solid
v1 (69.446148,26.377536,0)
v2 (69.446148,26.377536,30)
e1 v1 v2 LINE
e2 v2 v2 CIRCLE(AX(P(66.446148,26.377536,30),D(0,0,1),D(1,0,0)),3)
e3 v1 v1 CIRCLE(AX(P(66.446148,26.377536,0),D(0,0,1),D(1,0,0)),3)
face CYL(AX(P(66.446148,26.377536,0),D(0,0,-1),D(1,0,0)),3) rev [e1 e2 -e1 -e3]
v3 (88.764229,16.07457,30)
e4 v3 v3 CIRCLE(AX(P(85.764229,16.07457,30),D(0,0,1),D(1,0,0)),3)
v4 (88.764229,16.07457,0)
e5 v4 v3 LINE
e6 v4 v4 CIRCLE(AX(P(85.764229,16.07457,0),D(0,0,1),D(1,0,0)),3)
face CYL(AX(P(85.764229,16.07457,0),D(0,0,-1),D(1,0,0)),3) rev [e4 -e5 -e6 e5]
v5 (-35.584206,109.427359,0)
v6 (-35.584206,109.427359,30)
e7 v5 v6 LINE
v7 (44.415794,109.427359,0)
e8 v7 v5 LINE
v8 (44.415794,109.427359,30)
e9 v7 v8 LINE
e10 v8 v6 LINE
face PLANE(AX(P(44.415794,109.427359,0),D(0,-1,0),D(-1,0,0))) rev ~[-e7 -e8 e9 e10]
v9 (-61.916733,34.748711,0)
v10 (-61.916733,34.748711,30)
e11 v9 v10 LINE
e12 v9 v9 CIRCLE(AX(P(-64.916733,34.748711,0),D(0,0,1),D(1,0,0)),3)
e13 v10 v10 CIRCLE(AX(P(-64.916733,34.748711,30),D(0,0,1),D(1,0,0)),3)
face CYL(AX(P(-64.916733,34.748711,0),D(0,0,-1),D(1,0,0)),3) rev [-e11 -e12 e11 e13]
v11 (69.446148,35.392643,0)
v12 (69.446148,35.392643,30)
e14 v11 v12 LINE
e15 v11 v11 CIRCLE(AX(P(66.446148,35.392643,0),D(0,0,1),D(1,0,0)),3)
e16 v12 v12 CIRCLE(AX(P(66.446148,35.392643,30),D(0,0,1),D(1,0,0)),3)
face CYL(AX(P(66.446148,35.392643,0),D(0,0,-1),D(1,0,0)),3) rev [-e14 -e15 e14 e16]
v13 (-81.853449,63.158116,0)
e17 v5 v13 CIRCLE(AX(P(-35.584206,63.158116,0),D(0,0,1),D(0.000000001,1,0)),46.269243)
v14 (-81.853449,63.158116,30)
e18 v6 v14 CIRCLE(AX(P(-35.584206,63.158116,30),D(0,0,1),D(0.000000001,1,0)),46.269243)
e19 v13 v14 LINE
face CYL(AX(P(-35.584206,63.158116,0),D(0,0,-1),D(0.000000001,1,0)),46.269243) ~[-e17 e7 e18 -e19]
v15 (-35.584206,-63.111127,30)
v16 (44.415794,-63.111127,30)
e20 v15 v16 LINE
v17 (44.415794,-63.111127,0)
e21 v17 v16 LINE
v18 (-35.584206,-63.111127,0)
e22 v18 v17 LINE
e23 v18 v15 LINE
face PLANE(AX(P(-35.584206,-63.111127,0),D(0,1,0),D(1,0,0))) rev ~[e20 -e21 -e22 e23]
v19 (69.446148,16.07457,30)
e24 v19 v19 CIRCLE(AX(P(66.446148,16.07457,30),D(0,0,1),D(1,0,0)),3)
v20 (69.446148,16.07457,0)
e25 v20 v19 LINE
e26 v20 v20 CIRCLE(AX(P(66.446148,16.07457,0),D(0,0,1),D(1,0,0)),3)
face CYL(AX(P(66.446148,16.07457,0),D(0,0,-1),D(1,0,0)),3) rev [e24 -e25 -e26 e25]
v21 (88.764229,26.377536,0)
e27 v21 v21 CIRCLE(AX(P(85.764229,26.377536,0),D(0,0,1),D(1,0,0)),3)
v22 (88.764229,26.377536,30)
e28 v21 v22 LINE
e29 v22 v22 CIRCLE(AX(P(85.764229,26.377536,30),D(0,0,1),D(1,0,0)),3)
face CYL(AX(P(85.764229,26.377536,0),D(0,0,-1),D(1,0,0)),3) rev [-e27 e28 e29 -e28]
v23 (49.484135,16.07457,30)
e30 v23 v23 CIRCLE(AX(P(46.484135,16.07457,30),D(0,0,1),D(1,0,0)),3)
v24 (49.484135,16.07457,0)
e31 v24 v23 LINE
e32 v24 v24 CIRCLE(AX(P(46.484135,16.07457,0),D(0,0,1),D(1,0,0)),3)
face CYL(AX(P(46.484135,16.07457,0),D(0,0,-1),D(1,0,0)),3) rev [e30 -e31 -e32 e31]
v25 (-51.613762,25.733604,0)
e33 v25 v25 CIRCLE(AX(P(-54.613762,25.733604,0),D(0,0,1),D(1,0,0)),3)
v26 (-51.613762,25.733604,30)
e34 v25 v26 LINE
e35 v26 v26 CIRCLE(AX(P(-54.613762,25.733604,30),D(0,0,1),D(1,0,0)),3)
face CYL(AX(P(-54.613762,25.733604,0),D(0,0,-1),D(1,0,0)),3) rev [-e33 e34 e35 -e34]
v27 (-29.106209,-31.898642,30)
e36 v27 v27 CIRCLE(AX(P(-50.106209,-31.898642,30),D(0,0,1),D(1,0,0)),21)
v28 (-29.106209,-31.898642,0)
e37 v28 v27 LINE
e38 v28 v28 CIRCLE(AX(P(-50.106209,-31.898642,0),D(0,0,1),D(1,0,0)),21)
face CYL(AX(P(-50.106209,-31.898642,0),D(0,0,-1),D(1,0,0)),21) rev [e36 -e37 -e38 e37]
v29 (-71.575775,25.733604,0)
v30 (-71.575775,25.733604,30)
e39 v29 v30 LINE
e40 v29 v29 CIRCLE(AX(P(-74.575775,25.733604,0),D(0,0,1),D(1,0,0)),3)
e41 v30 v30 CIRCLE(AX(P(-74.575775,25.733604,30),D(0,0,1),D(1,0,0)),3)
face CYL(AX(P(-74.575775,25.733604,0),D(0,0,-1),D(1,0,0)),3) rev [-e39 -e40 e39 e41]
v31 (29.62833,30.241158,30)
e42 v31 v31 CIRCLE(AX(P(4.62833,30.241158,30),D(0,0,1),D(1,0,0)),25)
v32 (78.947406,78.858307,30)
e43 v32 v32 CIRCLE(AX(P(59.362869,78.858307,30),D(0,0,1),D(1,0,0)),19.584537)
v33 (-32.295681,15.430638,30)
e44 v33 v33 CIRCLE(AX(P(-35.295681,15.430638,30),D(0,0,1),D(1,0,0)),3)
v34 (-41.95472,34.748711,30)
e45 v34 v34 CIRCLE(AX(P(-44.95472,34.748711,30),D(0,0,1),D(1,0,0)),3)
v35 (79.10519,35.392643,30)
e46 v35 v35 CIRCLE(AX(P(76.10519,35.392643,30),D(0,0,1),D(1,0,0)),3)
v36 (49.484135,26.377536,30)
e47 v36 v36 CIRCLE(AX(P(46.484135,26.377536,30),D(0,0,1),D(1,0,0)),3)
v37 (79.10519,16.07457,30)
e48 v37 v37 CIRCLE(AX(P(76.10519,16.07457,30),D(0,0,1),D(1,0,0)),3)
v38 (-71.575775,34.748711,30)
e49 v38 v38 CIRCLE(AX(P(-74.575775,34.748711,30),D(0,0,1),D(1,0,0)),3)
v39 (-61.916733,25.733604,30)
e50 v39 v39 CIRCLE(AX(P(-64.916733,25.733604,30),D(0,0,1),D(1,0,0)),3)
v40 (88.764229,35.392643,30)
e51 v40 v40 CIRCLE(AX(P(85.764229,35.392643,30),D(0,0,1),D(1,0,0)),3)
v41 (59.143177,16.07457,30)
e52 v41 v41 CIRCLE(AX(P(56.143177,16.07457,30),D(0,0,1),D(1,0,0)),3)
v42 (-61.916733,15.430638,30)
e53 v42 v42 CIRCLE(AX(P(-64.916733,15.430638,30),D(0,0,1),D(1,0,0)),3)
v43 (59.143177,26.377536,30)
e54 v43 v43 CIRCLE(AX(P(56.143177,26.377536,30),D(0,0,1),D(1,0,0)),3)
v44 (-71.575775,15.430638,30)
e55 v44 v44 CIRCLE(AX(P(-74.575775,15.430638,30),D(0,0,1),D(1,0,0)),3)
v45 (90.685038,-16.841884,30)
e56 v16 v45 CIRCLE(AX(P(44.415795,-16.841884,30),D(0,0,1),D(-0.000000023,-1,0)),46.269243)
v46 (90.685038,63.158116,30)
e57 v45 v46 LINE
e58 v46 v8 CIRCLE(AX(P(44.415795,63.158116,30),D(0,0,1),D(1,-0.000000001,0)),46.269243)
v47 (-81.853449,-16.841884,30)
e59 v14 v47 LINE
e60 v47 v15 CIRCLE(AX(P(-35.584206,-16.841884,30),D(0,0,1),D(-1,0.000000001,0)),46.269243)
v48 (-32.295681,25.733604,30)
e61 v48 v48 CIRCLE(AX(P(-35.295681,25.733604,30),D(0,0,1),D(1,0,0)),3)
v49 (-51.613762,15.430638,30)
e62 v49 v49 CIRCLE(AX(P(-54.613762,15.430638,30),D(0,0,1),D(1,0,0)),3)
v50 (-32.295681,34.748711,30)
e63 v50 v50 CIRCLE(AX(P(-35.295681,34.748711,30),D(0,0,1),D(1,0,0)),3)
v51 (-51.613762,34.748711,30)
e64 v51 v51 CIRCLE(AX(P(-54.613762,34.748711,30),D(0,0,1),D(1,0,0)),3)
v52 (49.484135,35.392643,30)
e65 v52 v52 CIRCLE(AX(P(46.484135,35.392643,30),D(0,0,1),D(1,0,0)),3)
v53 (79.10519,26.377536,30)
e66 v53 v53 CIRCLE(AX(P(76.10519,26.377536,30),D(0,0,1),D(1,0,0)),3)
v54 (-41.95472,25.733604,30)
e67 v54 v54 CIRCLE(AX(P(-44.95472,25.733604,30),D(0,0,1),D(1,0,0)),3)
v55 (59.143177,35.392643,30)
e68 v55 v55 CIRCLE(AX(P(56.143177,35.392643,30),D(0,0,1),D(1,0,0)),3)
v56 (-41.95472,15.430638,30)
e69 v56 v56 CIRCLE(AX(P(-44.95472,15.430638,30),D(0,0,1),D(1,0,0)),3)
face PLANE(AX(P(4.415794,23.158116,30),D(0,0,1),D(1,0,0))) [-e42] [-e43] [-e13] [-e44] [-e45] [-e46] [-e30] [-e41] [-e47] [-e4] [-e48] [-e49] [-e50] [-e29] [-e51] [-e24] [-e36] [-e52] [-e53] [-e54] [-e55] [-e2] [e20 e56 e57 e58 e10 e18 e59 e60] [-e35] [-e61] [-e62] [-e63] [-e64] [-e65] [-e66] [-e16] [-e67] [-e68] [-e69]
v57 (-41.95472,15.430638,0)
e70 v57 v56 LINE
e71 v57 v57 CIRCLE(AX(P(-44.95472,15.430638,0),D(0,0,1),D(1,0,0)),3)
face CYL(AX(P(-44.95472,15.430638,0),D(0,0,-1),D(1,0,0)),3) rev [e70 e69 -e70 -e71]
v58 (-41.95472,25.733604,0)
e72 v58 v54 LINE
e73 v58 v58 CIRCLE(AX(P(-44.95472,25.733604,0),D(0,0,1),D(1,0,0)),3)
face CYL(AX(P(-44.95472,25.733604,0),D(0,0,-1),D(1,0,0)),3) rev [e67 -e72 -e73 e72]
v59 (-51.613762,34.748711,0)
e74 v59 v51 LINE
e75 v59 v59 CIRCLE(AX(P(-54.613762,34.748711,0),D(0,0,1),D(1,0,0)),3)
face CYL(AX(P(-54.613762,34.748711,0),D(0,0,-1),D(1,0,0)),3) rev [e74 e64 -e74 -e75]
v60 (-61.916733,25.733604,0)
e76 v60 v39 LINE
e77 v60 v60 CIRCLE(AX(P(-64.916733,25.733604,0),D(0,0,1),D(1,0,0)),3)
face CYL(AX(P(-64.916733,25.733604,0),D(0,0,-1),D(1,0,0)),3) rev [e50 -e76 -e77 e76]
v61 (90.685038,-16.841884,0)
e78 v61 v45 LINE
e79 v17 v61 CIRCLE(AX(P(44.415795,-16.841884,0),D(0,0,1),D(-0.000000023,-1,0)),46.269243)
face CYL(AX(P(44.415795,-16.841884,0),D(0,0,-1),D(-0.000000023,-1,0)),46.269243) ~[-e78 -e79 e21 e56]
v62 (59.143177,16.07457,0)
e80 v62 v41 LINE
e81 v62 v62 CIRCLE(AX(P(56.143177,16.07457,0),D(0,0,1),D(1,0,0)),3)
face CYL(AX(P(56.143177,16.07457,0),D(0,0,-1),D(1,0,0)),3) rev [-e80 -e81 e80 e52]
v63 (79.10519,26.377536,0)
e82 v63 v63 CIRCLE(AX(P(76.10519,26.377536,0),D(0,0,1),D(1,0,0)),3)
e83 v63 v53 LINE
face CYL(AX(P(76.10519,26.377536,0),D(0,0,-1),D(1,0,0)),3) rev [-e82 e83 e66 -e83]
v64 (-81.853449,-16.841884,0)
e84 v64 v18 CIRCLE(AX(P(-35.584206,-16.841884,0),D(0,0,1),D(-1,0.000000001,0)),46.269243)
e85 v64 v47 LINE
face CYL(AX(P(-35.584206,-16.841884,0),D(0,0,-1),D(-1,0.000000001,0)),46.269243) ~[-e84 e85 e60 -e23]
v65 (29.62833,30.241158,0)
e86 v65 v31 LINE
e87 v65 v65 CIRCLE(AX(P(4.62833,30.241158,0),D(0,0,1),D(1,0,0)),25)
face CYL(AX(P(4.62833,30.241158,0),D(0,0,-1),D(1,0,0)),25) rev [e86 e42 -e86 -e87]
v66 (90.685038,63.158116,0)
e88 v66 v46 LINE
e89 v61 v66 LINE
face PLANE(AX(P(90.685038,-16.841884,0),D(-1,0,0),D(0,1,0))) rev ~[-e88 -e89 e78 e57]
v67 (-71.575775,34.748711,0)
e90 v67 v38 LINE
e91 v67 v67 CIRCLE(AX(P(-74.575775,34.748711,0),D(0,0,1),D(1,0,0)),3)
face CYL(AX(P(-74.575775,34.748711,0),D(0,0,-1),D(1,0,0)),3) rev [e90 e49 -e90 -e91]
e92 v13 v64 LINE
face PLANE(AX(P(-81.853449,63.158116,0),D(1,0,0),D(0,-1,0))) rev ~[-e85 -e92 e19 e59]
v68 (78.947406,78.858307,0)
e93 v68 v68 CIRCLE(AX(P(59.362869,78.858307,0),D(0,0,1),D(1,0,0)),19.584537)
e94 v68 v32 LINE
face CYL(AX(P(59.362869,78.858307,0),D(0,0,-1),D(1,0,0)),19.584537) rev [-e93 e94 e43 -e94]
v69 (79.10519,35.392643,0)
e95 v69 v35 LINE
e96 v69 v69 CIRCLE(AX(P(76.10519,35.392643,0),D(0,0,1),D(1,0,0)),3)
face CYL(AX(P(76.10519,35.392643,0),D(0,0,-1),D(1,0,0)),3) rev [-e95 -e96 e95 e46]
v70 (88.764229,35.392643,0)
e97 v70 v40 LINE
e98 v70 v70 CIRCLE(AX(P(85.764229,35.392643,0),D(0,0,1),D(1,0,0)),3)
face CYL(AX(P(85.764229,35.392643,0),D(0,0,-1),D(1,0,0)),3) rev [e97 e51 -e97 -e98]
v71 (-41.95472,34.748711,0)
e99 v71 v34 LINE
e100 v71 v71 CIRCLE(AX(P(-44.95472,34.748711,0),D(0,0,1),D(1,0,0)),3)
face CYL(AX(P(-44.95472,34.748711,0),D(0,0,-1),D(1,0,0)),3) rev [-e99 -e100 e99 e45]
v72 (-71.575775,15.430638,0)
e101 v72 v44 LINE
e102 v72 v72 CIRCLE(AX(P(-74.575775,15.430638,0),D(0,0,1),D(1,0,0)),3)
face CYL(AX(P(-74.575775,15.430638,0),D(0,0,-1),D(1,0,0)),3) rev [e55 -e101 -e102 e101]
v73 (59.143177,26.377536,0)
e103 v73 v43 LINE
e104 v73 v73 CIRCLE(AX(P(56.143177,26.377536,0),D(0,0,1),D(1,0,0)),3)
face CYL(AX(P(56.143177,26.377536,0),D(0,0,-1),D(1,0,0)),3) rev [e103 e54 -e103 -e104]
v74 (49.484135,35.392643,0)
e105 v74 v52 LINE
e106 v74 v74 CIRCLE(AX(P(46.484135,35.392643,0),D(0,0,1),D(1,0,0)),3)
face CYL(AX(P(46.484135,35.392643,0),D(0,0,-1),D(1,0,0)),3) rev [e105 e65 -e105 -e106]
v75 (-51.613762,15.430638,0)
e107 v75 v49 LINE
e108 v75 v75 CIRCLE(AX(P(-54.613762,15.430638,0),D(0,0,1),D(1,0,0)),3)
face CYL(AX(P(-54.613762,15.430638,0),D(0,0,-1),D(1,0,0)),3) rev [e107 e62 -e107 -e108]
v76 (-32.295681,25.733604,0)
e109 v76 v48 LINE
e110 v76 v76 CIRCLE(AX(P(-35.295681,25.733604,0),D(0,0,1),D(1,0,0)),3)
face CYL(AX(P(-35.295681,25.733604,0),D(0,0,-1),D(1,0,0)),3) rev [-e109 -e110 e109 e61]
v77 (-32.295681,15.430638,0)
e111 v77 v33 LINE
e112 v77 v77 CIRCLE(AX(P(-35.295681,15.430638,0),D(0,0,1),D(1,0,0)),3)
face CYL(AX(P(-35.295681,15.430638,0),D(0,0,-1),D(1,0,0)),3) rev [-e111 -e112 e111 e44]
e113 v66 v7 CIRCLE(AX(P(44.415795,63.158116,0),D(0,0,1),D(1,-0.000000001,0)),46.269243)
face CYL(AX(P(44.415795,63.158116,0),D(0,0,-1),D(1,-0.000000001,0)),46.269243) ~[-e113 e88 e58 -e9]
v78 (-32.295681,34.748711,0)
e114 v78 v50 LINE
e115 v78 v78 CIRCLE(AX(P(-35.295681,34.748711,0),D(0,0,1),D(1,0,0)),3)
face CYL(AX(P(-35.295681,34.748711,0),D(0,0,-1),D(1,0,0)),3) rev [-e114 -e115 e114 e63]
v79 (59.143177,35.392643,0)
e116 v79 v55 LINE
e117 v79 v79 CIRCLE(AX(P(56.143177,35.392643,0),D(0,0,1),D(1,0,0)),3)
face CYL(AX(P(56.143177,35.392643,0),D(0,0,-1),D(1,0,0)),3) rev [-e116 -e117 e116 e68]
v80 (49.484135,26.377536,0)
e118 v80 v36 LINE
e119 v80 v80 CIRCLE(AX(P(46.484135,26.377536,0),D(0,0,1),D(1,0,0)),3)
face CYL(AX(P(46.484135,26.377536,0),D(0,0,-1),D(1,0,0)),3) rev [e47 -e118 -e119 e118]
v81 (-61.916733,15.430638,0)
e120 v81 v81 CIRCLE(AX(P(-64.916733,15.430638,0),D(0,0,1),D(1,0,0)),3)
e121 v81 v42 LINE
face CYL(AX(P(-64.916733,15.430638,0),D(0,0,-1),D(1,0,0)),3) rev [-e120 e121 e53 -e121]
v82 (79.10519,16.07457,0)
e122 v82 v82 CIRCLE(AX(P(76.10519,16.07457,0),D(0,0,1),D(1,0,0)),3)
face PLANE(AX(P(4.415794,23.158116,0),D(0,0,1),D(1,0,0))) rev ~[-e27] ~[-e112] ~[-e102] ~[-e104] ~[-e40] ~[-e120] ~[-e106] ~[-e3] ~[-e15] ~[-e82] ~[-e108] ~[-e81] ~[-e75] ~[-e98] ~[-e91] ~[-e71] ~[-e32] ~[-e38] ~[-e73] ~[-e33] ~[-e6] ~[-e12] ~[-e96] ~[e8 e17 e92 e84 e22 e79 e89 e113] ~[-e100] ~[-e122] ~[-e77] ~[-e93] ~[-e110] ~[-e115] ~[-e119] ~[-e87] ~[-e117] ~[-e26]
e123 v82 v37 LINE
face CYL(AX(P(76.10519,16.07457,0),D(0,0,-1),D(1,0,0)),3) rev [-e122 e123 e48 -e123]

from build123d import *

# Parameters (mm, degrees)
SKETCH_R     = 25
SKETCH_R_2   = 21
SKETCH_R_3   = 19.584537
SKETCH_R_4   = 3
PAD_DEPTH    = 30
PAD001_DEPTH = 30


with BuildPart() as part:
    # Sketch → Pad (new body)
    with BuildSketch(Plane.XY):
        with BuildLine():
            Line((-35.584206, -63.111127), (44.415794, -63.111127))
            ThreePointArc((44.415794, -63.111127), (77.13309, -49.55918), (90.685038, -16.841884))
            Line((90.685038, -16.841884), (90.685038, 63.158116))
            ThreePointArc((90.685038, 63.158116), (77.13309, 95.875412), (44.415794, 109.427359))
            Line((44.415794, 109.427359), (-35.584206, 109.427359))
            ThreePointArc((-35.584206, 109.427359), (-68.301501, 95.875412), (-81.853449, 63.158116))
            Line((-81.853449, 63.158116), (-81.853449, -16.841884))
            ThreePointArc((-81.853449, -16.841884), (-68.301501, -49.55918), (-35.584206, -63.111127))
        make_face()
        with Locations((4.62833, 30.241158)):
            Circle(SKETCH_R, mode=Mode.SUBTRACT)
        with Locations((-50.106209, -31.898642)):
            Circle(SKETCH_R_2, mode=Mode.SUBTRACT)
        with Locations((59.362869, 78.858307)):
            Circle(SKETCH_R_3, mode=Mode.SUBTRACT)
        with Locations((-74.575775, 34.748711)):
            Circle(SKETCH_R_4, mode=Mode.SUBTRACT)
        with Locations((-64.916733, 34.748711)):
            Circle(SKETCH_R_4, mode=Mode.SUBTRACT)
        with Locations((-54.613762, 34.748711)):
            Circle(SKETCH_R_4, mode=Mode.SUBTRACT)
        with Locations((-44.95472, 34.748711)):
            Circle(SKETCH_R_4, mode=Mode.SUBTRACT)
        with Locations((-35.295681, 34.748711)):
            Circle(SKETCH_R_4, mode=Mode.SUBTRACT)
        with Locations((-74.575775, 25.733604)):
            Circle(SKETCH_R_4, mode=Mode.SUBTRACT)
        with Locations((-64.916733, 25.733604)):
            Circle(SKETCH_R_4, mode=Mode.SUBTRACT)
        with Locations((-54.613762, 25.733604)):
            Circle(SKETCH_R_4, mode=Mode.SUBTRACT)
        with Locations((-44.95472, 25.733604)):
            Circle(SKETCH_R_4, mode=Mode.SUBTRACT)
        with Locations((-35.295681, 25.733604)):
            Circle(SKETCH_R_4, mode=Mode.SUBTRACT)
        with Locations((-74.575775, 15.430638)):
            Circle(SKETCH_R_4, mode=Mode.SUBTRACT)
        with Locations((-64.916733, 15.430638)):
            Circle(SKETCH_R_4, mode=Mode.SUBTRACT)
        with Locations((-54.613762, 15.430638)):
            Circle(SKETCH_R_4, mode=Mode.SUBTRACT)
        with Locations((-44.95472, 15.430638)):
            Circle(SKETCH_R_4, mode=Mode.SUBTRACT)
        with Locations((-35.295681, 15.430638)):
            Circle(SKETCH_R_4, mode=Mode.SUBTRACT)
        with Locations((46.484135, 35.392643)):
            Circle(SKETCH_R_4, mode=Mode.SUBTRACT)
        with Locations((56.143177, 35.392643)):
            Circle(SKETCH_R_4, mode=Mode.SUBTRACT)
        with Locations((66.446148, 35.392643)):
            Circle(SKETCH_R_4, mode=Mode.SUBTRACT)
        with Locations((76.10519, 35.392643)):
            Circle(SKETCH_R_4, mode=Mode.SUBTRACT)
        with Locations((85.764229, 35.392643)):
            Circle(SKETCH_R_4, mode=Mode.SUBTRACT)
        with Locations((46.484135, 26.377536)):
            Circle(SKETCH_R_4, mode=Mode.SUBTRACT)
        with Locations((56.143177, 26.377536)):
            Circle(SKETCH_R_4, mode=Mode.SUBTRACT)
        with Locations((66.446148, 26.377536)):
            Circle(SKETCH_R_4, mode=Mode.SUBTRACT)
        with Locations((76.10519, 26.377536)):
            Circle(SKETCH_R_4, mode=Mode.SUBTRACT)
        with Locations((85.764229, 26.377536)):
            Circle(SKETCH_R_4, mode=Mode.SUBTRACT)
        with Locations((46.484135, 16.07457)):
            Circle(SKETCH_R_4, mode=Mode.SUBTRACT)
        with Locations((56.143177, 16.07457)):
            Circle(SKETCH_R_4, mode=Mode.SUBTRACT)
        with Locations((66.446148, 16.07457)):
            Circle(SKETCH_R_4, mode=Mode.SUBTRACT)
        with Locations((76.10519, 16.07457)):
            Circle(SKETCH_R_4, mode=Mode.SUBTRACT)
        with Locations((85.764229, 16.07457)):
            Circle(SKETCH_R_4, mode=Mode.SUBTRACT)
    extrude(amount=PAD_DEPTH)

    # Sketch → Pad001 (join)
    with BuildSketch(Plane.XY):
        with BuildLine():
            Line((-35.584206, -63.111127), (44.415794, -63.111127))
            ThreePointArc((44.415794, -63.111127), (77.13309, -49.55918), (90.685038, -16.841884))
            Line((90.685038, -16.841884), (90.685038, 63.158116))
            ThreePointArc((90.685038, 63.158116), (77.13309, 95.875412), (44.415794, 109.427359))
            Line((44.415794, 109.427359), (-35.584206, 109.427359))
            ThreePointArc((-35.584206, 109.427359), (-68.301501, 95.875412), (-81.853449, 63.158116))
            Line((-81.853449, 63.158116), (-81.853449, -16.841884))
            ThreePointArc((-81.853449, -16.841884), (-68.301501, -49.55918), (-35.584206, -63.111127))
        make_face()
        with Locations((4.62833, 30.241158)):
            Circle(SKETCH_R, mode=Mode.SUBTRACT)
        with Locations((-50.106209, -31.898642)):
            Circle(SKETCH_R_2, mode=Mode.SUBTRACT)
        with Locations((59.362869, 78.858307)):
            Circle(SKETCH_R_3, mode=Mode.SUBTRACT)
        with Locations((-74.575775, 34.748711)):
            Circle(SKETCH_R_4, mode=Mode.SUBTRACT)
        with Locations((-64.916733, 34.748711)):
            Circle(SKETCH_R_4, mode=Mode.SUBTRACT)
        with Locations((-54.613762, 34.748711)):
            Circle(SKETCH_R_4, mode=Mode.SUBTRACT)
        with Locations((-44.95472, 34.748711)):
            Circle(SKETCH_R_4, mode=Mode.SUBTRACT)
        with Locations((-35.295681, 34.748711)):
            Circle(SKETCH_R_4, mode=Mode.SUBTRACT)
        with Locations((-74.575775, 25.733604)):
            Circle(SKETCH_R_4, mode=Mode.SUBTRACT)
        with Locations((-64.916733, 25.733604)):
            Circle(SKETCH_R_4, mode=Mode.SUBTRACT)
        with Locations((-54.613762, 25.733604)):
            Circle(SKETCH_R_4, mode=Mode.SUBTRACT)
        with Locations((-44.95472, 25.733604)):
            Circle(SKETCH_R_4, mode=Mode.SUBTRACT)
        with Locations((-35.295681, 25.733604)):
            Circle(SKETCH_R_4, mode=Mode.SUBTRACT)
        with Locations((-74.575775, 15.430638)):
            Circle(SKETCH_R_4, mode=Mode.SUBTRACT)
        with Locations((-64.916733, 15.430638)):
            Circle(SKETCH_R_4, mode=Mode.SUBTRACT)
        with Locations((-54.613762, 15.430638)):
            Circle(SKETCH_R_4, mode=Mode.SUBTRACT)
        with Locations((-44.95472, 15.430638)):
            Circle(SKETCH_R_4, mode=Mode.SUBTRACT)
        with Locations((-35.295681, 15.430638)):
            Circle(SKETCH_R_4, mode=Mode.SUBTRACT)
        with Locations((46.484135, 35.392643)):
            Circle(SKETCH_R_4, mode=Mode.SUBTRACT)
        with Locations((56.143177, 35.392643)):
            Circle(SKETCH_R_4, mode=Mode.SUBTRACT)
        with Locations((66.446148, 35.392643)):
            Circle(SKETCH_R_4, mode=Mode.SUBTRACT)
        with Locations((76.10519, 35.392643)):
            Circle(SKETCH_R_4, mode=Mode.SUBTRACT)
        with Locations((85.764229, 35.392643)):
            Circle(SKETCH_R_4, mode=Mode.SUBTRACT)
        with Locations((46.484135, 26.377536)):
            Circle(SKETCH_R_4, mode=Mode.SUBTRACT)
        with Locations((56.143177, 26.377536)):
            Circle(SKETCH_R_4, mode=Mode.SUBTRACT)
        with Locations((66.446148, 26.377536)):
            Circle(SKETCH_R_4, mode=Mode.SUBTRACT)
        with Locations((76.10519, 26.377536)):
            Circle(SKETCH_R_4, mode=Mode.SUBTRACT)
        with Locations((85.764229, 26.377536)):
            Circle(SKETCH_R_4, mode=Mode.SUBTRACT)
        with Locations((46.484135, 16.07457)):
            Circle(SKETCH_R_4, mode=Mode.SUBTRACT)
        with Locations((56.143177, 16.07457)):
            Circle(SKETCH_R_4, mode=Mode.SUBTRACT)
        with Locations((66.446148, 16.07457)):
            Circle(SKETCH_R_4, mode=Mode.SUBTRACT)
        with Locations((76.10519, 16.07457)):
            Circle(SKETCH_R_4, mode=Mode.SUBTRACT)
        with Locations((85.764229, 16.07457)):
            Circle(SKETCH_R_4, mode=Mode.SUBTRACT)
    extrude(amount=PAD001_DEPTH)


solid = part.part
